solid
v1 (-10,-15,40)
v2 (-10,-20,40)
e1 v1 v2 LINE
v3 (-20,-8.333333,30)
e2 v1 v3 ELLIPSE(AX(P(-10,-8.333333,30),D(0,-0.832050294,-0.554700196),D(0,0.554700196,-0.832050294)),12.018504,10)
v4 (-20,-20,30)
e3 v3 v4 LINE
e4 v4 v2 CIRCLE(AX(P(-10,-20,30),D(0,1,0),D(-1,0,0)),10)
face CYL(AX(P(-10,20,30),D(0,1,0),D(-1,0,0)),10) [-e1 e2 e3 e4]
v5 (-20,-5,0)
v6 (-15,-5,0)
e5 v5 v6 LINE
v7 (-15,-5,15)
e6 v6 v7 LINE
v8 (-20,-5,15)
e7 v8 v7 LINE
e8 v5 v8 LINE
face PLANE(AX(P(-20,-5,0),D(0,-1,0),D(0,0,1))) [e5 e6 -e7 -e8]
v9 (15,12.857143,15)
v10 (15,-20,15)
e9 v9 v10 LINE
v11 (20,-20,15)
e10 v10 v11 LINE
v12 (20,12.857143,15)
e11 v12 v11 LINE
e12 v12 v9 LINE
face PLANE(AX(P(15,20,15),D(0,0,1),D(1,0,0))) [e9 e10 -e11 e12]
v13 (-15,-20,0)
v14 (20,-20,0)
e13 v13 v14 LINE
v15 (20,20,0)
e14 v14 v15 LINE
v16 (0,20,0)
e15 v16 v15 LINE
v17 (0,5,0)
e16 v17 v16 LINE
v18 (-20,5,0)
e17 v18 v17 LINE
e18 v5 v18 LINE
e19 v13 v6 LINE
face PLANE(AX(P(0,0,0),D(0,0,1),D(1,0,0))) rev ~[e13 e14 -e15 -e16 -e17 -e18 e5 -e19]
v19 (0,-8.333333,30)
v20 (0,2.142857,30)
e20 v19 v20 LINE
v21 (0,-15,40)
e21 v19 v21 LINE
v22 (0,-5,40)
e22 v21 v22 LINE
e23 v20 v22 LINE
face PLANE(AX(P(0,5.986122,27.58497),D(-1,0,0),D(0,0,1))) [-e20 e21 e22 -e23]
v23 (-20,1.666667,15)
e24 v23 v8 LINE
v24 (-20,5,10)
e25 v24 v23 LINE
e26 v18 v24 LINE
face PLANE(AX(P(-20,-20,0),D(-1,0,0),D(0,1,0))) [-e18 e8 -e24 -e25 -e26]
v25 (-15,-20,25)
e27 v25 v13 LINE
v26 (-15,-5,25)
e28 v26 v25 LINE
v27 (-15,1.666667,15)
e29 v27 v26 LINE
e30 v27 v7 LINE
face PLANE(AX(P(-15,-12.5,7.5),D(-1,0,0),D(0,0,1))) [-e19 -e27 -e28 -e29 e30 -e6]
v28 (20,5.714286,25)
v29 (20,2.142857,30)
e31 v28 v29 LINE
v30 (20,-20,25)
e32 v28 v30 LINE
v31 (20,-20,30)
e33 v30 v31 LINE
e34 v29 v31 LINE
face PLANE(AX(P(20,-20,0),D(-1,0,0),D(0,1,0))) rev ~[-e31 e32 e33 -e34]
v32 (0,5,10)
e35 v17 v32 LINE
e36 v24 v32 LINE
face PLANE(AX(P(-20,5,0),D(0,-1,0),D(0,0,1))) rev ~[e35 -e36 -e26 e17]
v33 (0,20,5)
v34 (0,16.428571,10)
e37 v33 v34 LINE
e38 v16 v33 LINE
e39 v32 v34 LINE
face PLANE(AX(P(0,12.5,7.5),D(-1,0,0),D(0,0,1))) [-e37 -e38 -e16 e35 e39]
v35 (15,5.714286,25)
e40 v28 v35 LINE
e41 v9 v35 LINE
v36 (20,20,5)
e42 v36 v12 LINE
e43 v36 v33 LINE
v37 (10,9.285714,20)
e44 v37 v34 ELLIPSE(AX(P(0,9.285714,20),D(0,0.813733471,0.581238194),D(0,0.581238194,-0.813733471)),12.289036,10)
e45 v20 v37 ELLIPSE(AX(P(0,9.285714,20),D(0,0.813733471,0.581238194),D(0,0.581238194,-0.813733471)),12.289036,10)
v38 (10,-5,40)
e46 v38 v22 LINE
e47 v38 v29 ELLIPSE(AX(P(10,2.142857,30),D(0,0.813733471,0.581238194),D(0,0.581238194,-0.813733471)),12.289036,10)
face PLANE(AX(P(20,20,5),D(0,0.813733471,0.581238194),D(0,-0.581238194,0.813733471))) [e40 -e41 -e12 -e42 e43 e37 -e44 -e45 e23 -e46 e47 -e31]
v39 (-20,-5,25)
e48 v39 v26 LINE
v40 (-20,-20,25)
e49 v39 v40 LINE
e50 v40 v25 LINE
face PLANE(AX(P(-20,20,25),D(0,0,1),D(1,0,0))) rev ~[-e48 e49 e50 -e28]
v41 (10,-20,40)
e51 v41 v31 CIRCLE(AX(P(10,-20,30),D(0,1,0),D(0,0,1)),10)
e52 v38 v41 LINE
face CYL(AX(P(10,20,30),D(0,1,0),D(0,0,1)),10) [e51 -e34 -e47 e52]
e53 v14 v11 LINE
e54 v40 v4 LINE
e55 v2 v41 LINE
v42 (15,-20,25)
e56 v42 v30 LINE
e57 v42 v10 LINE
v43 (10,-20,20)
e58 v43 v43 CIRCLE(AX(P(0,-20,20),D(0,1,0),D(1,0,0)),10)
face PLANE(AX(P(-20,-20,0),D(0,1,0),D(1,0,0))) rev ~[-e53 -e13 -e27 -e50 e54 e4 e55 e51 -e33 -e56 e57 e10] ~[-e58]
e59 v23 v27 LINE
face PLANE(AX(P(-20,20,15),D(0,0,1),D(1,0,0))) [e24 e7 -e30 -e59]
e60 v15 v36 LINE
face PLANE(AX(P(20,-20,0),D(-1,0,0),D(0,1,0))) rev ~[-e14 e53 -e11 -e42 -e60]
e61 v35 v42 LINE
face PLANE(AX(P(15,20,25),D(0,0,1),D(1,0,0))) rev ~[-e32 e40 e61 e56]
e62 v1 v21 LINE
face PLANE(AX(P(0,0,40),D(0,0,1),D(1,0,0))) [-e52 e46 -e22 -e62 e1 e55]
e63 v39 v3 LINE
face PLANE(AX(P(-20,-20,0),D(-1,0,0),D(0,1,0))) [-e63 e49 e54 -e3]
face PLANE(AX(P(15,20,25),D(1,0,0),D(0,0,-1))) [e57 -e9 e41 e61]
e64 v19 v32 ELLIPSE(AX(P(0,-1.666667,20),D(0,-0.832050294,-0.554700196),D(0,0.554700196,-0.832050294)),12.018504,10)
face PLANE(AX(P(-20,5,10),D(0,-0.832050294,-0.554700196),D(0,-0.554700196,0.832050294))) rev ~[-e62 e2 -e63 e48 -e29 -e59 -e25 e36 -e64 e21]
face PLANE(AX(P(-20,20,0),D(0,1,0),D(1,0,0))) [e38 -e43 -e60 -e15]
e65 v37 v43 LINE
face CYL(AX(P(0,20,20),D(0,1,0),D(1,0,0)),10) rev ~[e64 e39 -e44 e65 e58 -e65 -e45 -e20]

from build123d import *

# Parameters (mm, degrees)
SKETCH1_W           = 40
SKETCH1_H           = 40
BOSS_EXTRUDE1_DEPTH = 40
SKETCH2_R           = 10
CUT_EXTRUDE1_DEPTH  = 41
SKETCH3_W           = 5
SKETCH3_H           = 10
CUT_EXTRUDE2_DEPTH  = 41
CUT_EXTRUDE5_DEPTH  = 41
CUT_EXTRUDE6_DEPTH  = 41
SKETCH8_W           = 15
SKETCH8_H           = 15
CUT_EXTRUDE7_DEPTH  = 5
SKETCH9_W           = 15
SKETCH9_H           = 15
CUT_EXTRUDE8_DEPTH  = 20
CUT_EXTRUDE9_DEPTH  = 20
CUT_EXTRUDE10_DEPTH = 20


with BuildPart() as part:
    # Sketch1 → Boss-Extrude1 (new body)
    with BuildSketch(Plane.XY):
        Rectangle(SKETCH1_W, SKETCH1_H)
    extrude(amount=BOSS_EXTRUDE1_DEPTH)

    # Sketch2 → Cut-Extrude1 (cut, through all)
    with BuildSketch(Plane(origin=(0, 20, 0), x_dir=(1, 0, 0), z_dir=(0, 1, 0))):
        with Locations((0, -20)):
            Circle(SKETCH2_R)
    extrude(amount=-CUT_EXTRUDE1_DEPTH, mode=Mode.SUBTRACT)

    # Sketch3 → Cut-Extrude2 (cut, through all)
    with BuildSketch(Plane(origin=(0, 20, 0), x_dir=(1, 0, 0), z_dir=(0, 1, 0))):
        with Locations((17.5, -20)):
            Rectangle(SKETCH3_W, SKETCH3_H)
        with Locations((-17.5, -20)):
            Rectangle(SKETCH3_W, SKETCH3_H)
    extrude(amount=-CUT_EXTRUDE2_DEPTH, mode=Mode.SUBTRACT)

    # Sketch5 → Cut-Extrude5 (cut, through all)
    with BuildSketch(Plane(origin=(0, 20, 0), x_dir=(1, 0, 0), z_dir=(0, 1, 0))):
        with BuildLine():
            Line((-10, -40), (-20, -40))
            Line((-20, -40), (-20, -30))
            ThreePointArc((-20, -30), (-17.071067812, -37.071067812), (-10, -40))
        make_face()
    extrude(amount=-CUT_EXTRUDE5_DEPTH, mode=Mode.SUBTRACT)

    # Sketch7 → Cut-Extrude6 (cut, through all)
    with BuildSketch(Plane(origin=(0, 20, 0), x_dir=(1, 0, 0), z_dir=(0, 1, 0))):
        with BuildLine():
            Line((20, -30), (20, -40))
            Line((20, -40), (10, -40))
            ThreePointArc((10, -40), (17.071067812, -37.071067812), (20, -30))
        make_face()
    extrude(amount=-CUT_EXTRUDE6_DEPTH, mode=Mode.SUBTRACT)

    # Sketch8 → Cut-Extrude7 (cut)
    with BuildSketch(Plane.ZY.offset(20)):
        with Locations((7.5, -12.5)):
            Rectangle(SKETCH8_W, SKETCH8_H)
    extrude(amount=-CUT_EXTRUDE7_DEPTH, mode=Mode.SUBTRACT)

    # Sketch9 → Cut-Extrude8 (cut)
    with BuildSketch(Plane.ZY.offset(20)):
        with Locations((7.5, 12.5)):
            Rectangle(SKETCH9_W, SKETCH9_H)
    extrude(amount=-CUT_EXTRUDE8_DEPTH, mode=Mode.SUBTRACT)

    # Sketch10 → Cut-Extrude9 (cut)
    with BuildSketch(Plane(origin=(-20, 0, 0), x_dir=(0, 0, -1), z_dir=(1, 0, 0))):
        Polygon((-10, 5), (-40, -15), (-40, 20), (-10, 20), align=None)
    extrude(amount=CUT_EXTRUDE9_DEPTH, mode=Mode.SUBTRACT)

    # Sketch11 → Cut-Extrude10 (cut)
    with BuildSketch(Plane(origin=(20, 0, 0), x_dir=(0, 0, -1), z_dir=(1, 0, 0))):
        Polygon((-5, 20), (-40, -5), (-40, 20), align=None)
    extrude(amount=-CUT_EXTRUDE10_DEPTH, mode=Mode.SUBTRACT)


solid = part.part
